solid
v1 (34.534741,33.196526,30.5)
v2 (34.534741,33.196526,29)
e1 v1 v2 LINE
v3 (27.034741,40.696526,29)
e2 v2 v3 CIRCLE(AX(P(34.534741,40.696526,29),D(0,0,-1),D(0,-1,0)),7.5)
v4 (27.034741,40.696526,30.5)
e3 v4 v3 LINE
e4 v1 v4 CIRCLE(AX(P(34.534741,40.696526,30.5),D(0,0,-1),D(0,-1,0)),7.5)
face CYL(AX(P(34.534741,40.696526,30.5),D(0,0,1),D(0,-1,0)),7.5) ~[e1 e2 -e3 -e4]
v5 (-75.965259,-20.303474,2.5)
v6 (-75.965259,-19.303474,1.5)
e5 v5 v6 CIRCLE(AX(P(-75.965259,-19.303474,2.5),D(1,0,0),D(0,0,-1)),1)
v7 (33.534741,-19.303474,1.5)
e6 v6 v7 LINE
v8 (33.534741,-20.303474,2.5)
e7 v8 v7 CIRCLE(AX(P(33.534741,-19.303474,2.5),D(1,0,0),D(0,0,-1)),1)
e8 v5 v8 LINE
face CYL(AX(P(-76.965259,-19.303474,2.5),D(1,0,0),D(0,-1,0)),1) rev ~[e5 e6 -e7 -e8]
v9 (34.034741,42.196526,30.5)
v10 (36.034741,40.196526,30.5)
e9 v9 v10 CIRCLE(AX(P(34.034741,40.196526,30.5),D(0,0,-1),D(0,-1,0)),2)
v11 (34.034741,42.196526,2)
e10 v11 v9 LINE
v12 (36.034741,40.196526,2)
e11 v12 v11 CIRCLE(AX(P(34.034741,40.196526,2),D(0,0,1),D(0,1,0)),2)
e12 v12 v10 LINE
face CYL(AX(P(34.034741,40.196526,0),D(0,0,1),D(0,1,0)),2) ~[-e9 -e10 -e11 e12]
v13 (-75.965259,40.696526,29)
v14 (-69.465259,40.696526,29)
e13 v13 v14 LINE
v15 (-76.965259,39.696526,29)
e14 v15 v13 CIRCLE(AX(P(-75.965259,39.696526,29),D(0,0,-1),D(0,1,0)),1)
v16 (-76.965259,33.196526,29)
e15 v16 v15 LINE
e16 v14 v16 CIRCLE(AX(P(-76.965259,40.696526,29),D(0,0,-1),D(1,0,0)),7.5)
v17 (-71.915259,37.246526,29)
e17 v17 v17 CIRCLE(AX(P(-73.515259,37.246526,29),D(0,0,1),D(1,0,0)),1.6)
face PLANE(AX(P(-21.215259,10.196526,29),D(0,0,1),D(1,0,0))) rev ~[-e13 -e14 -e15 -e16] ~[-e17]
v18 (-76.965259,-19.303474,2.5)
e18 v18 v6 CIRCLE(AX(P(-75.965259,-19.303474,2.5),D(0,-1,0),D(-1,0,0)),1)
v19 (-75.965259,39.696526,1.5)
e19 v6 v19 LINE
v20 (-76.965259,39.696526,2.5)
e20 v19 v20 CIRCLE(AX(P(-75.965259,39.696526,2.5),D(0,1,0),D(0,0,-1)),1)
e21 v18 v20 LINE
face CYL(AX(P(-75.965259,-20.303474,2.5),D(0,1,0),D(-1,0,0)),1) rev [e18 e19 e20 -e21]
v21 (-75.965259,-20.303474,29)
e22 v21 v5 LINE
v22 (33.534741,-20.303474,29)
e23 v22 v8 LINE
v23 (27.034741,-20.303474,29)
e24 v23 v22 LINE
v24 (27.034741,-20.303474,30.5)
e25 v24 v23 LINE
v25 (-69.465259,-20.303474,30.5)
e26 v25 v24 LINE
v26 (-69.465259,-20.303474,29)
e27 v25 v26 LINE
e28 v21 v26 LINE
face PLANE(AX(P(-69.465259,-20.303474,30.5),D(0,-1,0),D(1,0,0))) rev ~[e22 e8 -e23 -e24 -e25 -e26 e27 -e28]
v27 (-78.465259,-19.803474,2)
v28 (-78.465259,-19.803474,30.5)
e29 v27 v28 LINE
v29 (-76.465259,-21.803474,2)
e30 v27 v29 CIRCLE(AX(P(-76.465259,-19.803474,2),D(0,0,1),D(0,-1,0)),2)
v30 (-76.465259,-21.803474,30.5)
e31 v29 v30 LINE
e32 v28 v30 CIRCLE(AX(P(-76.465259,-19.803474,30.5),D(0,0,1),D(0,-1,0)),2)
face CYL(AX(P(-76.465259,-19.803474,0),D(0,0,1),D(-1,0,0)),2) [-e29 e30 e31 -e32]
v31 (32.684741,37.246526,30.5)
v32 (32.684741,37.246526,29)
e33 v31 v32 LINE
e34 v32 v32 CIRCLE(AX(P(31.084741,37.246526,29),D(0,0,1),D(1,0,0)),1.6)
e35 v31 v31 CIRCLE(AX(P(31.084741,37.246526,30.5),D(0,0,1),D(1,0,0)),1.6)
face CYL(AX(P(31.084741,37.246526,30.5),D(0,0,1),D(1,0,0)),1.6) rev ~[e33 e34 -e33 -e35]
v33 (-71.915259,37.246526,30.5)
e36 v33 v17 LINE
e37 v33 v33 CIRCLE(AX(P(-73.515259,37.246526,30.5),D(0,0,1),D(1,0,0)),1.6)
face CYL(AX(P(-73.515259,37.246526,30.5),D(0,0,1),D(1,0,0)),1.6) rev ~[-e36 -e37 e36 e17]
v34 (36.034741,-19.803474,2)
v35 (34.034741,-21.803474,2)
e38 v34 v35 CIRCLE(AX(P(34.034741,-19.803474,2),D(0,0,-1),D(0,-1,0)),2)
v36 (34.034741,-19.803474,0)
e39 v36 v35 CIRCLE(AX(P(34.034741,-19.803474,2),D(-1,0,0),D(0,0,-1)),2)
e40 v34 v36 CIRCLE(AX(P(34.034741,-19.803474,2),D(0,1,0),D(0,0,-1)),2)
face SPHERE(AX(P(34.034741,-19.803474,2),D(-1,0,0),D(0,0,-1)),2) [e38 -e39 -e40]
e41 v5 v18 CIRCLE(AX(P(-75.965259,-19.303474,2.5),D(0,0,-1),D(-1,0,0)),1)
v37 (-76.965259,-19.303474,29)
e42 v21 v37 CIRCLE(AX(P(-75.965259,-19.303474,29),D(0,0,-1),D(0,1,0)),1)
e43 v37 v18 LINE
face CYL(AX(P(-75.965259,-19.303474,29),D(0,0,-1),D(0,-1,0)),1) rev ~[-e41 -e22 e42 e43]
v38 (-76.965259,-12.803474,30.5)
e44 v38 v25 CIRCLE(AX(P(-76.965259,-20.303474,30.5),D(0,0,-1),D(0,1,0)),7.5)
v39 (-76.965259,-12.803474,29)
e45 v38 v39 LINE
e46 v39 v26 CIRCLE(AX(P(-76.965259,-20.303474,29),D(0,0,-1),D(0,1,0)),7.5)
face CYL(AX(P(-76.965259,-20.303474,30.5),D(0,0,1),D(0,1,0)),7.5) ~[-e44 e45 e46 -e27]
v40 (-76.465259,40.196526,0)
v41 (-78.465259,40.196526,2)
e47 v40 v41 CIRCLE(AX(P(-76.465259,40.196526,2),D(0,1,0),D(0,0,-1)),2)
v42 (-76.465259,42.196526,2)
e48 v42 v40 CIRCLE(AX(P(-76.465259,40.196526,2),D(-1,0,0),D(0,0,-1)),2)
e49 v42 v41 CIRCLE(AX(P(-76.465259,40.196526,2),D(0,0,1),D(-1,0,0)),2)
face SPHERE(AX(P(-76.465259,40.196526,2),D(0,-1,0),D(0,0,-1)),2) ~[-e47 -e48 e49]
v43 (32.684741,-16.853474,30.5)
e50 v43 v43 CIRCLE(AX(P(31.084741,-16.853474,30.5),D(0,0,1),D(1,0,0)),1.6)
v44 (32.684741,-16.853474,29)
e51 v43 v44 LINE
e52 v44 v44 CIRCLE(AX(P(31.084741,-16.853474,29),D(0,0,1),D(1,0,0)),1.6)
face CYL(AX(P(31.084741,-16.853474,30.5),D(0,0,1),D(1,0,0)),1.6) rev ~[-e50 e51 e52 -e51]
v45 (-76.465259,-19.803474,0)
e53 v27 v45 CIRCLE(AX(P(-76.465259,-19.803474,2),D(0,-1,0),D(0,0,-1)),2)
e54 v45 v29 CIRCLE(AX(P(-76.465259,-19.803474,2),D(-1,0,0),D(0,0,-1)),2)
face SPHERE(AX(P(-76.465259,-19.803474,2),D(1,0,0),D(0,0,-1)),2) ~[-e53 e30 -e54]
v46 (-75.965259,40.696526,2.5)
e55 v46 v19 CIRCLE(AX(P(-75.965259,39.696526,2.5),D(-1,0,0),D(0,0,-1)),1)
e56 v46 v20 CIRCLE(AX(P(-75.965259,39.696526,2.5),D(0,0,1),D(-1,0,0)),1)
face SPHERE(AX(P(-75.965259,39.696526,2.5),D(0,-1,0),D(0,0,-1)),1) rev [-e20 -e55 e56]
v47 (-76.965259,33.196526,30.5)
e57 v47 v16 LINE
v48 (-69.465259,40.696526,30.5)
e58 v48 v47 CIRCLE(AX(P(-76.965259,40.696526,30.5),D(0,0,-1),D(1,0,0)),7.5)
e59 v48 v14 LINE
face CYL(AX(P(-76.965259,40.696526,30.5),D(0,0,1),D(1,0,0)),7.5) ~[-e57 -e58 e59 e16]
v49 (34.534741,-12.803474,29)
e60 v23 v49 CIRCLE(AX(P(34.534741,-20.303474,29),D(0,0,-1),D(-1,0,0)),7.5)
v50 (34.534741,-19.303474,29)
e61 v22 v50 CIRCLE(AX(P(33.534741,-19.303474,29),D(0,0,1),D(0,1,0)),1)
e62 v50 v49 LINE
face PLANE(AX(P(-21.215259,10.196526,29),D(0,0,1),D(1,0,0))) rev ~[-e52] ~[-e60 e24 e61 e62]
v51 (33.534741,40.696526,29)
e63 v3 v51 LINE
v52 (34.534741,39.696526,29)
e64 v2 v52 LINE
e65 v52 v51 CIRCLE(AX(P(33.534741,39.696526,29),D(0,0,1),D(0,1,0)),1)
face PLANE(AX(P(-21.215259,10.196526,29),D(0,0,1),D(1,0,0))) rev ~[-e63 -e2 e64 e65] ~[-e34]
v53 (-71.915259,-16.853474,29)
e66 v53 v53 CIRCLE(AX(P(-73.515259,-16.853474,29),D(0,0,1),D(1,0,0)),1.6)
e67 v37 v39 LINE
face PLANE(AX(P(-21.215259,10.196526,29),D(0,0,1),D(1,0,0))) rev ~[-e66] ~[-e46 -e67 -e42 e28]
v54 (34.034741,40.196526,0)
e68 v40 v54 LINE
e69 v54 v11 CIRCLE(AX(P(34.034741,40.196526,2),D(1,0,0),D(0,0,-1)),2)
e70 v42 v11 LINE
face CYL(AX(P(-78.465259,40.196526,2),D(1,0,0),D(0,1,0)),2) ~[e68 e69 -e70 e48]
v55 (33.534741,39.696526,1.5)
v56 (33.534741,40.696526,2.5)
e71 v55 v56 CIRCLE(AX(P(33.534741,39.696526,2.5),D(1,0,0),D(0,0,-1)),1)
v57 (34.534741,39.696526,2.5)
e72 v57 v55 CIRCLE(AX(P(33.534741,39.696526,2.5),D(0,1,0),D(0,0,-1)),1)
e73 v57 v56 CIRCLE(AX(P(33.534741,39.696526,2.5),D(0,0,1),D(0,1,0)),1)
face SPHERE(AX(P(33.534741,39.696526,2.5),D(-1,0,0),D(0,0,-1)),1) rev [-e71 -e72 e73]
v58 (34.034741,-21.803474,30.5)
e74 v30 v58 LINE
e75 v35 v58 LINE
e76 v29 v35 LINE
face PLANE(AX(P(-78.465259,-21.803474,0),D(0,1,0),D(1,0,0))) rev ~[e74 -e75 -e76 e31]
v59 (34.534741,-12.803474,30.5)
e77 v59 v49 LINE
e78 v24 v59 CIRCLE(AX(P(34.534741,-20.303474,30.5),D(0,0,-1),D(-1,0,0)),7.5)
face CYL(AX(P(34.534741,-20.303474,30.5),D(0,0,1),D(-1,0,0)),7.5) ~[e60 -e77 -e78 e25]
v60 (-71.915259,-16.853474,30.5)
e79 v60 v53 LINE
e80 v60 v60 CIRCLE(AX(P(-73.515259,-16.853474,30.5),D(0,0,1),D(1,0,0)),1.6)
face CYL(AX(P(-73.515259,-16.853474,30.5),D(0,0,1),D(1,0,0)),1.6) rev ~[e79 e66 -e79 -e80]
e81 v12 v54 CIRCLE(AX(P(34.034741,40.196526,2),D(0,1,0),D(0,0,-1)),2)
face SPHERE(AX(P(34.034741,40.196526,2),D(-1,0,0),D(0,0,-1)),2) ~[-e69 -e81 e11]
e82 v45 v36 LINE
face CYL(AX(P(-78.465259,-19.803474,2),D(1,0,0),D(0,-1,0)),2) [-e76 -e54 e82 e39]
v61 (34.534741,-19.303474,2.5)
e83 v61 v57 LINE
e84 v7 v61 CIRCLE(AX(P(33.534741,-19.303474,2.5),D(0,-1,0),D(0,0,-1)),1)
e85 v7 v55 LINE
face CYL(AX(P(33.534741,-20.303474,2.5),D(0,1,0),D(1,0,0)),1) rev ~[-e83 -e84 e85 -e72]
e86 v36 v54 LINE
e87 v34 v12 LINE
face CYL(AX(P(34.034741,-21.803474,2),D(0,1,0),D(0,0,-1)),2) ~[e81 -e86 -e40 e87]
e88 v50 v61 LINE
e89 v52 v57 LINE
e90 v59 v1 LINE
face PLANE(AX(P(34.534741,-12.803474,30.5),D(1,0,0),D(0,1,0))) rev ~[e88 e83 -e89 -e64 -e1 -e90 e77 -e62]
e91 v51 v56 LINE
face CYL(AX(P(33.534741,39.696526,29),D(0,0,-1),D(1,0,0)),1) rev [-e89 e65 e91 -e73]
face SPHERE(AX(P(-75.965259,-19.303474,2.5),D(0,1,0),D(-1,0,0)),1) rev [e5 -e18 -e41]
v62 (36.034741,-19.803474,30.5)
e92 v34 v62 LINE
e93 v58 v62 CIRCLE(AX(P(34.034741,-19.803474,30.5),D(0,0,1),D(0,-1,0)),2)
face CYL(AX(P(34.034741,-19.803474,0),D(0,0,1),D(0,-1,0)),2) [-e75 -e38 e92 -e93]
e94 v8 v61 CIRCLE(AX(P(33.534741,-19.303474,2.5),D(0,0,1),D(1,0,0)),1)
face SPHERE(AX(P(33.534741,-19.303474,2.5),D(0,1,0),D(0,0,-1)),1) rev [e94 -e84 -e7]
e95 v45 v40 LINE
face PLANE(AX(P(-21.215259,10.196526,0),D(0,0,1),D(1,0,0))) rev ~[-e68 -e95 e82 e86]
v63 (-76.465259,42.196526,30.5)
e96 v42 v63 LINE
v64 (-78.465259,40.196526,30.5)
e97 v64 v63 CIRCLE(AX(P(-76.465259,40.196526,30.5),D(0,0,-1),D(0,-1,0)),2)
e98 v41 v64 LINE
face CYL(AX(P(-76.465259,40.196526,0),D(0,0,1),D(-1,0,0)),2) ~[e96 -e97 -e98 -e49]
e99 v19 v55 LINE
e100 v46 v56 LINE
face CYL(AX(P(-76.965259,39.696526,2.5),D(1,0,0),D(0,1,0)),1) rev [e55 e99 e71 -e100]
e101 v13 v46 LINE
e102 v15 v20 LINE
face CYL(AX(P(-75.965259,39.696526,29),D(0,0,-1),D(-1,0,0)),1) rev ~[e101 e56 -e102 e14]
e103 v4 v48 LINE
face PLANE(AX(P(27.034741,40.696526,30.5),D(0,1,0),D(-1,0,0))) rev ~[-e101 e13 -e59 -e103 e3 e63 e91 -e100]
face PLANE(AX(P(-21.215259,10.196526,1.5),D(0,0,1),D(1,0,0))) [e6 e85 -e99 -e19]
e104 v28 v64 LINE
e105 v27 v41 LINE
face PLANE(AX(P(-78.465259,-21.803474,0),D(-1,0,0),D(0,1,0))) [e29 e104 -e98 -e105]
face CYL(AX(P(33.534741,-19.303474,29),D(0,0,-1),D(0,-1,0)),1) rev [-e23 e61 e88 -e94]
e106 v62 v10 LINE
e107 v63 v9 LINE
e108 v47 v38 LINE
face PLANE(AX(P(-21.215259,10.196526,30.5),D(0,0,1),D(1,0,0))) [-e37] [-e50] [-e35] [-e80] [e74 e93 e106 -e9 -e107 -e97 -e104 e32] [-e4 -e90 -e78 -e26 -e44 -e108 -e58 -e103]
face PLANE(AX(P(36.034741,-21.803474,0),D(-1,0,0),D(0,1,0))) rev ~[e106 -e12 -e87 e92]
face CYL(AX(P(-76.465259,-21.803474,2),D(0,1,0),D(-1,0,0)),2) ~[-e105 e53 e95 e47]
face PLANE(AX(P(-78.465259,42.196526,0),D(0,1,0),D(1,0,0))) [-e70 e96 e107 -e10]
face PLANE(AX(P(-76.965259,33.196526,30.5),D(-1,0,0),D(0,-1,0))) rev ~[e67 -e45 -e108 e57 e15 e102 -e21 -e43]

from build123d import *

# Parameters (mm, degrees)
ESQUISSE1_W             = 114.5
ESQUISSE1_H             = 64
BOSS_EXTRU_1_DEPTH      = 30.5
ENL_V_MAT_EXTRU_2_DEPTH = 1.5
ESQUISSE3_W             = 111.5
ESQUISSE3_H             = 61
ENL_V_MAT_EXTRU_3_DEPTH = 27.5
ENL_V_MAT_EXTRU_4_REACH = 96.168
ESQUISSE2_4_R           = 1.6
CONG_1_R                = 2
CONG_2_R                = 1


with BuildPart() as part:
    # Esquisse1 → Boss.-Extru.1 (new body)
    with BuildSketch(Plane.XY):
        with Locations((-21.215258856, 10.196525886)):
            Rectangle(ESQUISSE1_W, ESQUISSE1_H)
    extrude(amount=BOSS_EXTRU_1_DEPTH)

    # Esquisse2 → Enlèv. mat.-Extru.2 (cut)
    with BuildSketch(Plane.XY.offset(30.5)):
        with BuildLine():
            ThreePointArc((27.034741144, -20.303474114), (29.231440286, -15.000173256), (34.534741144, -12.803474114))
            Line((34.534741144, -12.803474114), (34.534741144, 33.196525886))
            ThreePointArc((34.534741144, 33.196525886), (29.231440286, 35.393225027), (27.034741144, 40.696525886))
            Line((27.034741144, 40.696525886), (-69.465258856, 40.696525886))
            ThreePointArc((-69.465258856, 40.696525886), (-71.661957997, 35.393225027), (-76.965258856, 33.196525886))
            Line((-76.965258856, 33.196525886), (-76.965258856, -12.803474114))
            ThreePointArc((-76.965258856, -12.803474114), (-71.661957997, -15.000173256), (-69.465258856, -20.303474114))
            Line((-69.465258856, -20.303474114), (27.034741144, -20.303474114))
        make_face()
    extrude(amount=-ENL_V_MAT_EXTRU_2_DEPTH, mode=Mode.SUBTRACT)

    # Esquisse3 → Enlèv. mat.-Extru.3 (cut)
    with BuildSketch(Plane.XY.offset(29)):
        with Locations((-21.215258856, 10.196525886)):
            Rectangle(ESQUISSE3_W, ESQUISSE3_H)
    extrude(amount=-ENL_V_MAT_EXTRU_3_DEPTH, mode=Mode.SUBTRACT)

    # Esquisse2<4> → Enlèv. mat.-Extru.4 (cut, up to next)
    with BuildSketch(Plane.XY.offset(30.5), mode=Mode.PRIVATE) as enl_v_mat_extru_4_sk1:
        with Locations((-73.515258856, 37.246525886)):
            Circle(ESQUISSE2_4_R)
    enl_v_mat_extru_4_tool1 = extrude(enl_v_mat_extru_4_sk1.sketch, amount=-ENL_V_MAT_EXTRU_4_REACH, mode=Mode.PRIVATE) & part.part
    # Esquisse2<4> → Enlèv. mat.-Extru.4 (cut, up to next)
    with BuildSketch(Plane.XY.offset(30.5), mode=Mode.PRIVATE) as enl_v_mat_extru_4_sk2:
        with Locations((31.084741144, 37.246525886)):
            Circle(ESQUISSE2_4_R)
    enl_v_mat_extru_4_tool2 = extrude(enl_v_mat_extru_4_sk2.sketch, amount=-ENL_V_MAT_EXTRU_4_REACH, mode=Mode.PRIVATE) & part.part
    # Esquisse2<4> → Enlèv. mat.-Extru.4 (cut, up to next)
    with BuildSketch(Plane.XY.offset(30.5), mode=Mode.PRIVATE) as enl_v_mat_extru_4_sk3:
        with Locations((-73.515258856, -16.853474114)):
            Circle(ESQUISSE2_4_R)
    enl_v_mat_extru_4_tool3 = extrude(enl_v_mat_extru_4_sk3.sketch, amount=-ENL_V_MAT_EXTRU_4_REACH, mode=Mode.PRIVATE) & part.part
    # Esquisse2<4> → Enlèv. mat.-Extru.4 (cut, up to next)
    with BuildSketch(Plane.XY.offset(30.5), mode=Mode.PRIVATE) as enl_v_mat_extru_4_sk4:
        with Locations((31.084741144, -16.853474114)):
            Circle(ESQUISSE2_4_R)
    enl_v_mat_extru_4_tool4 = extrude(enl_v_mat_extru_4_sk4.sketch, amount=-ENL_V_MAT_EXTRU_4_REACH, mode=Mode.PRIVATE) & part.part
    add(enl_v_mat_extru_4_tool1.solids().sort_by_distance((-73.515259, 37.246526, 30.5))[0], mode=Mode.SUBTRACT)
    add(enl_v_mat_extru_4_tool2.solids().sort_by_distance((31.084741, 37.246526, 30.5))[0], mode=Mode.SUBTRACT)
    add(enl_v_mat_extru_4_tool3.solids().sort_by_distance((-73.515259, -16.853474, 30.5))[0], mode=Mode.SUBTRACT)
    add(enl_v_mat_extru_4_tool4.solids().sort_by_distance((31.084741, -16.853474, 30.5))[0], mode=Mode.SUBTRACT)

    # Congé1
    cong_1_edges = [part.edges().sort_by_distance(p)[0] for p in [
        (-78.465258856, 10.196525886, 0),
        (-21.215258856, -21.803474114, 0),
        (-21.215258856, 42.196525886, 0),
        (36.034741144, 10.196525886, 0),
        (-78.465258856, -21.803474114, 15.25),
        (-78.465258856, 42.196525886, 15.25),
        (36.034741144, 42.196525886, 15.25),
        (36.034741144, -21.803474114, 15.25),
    ]]
    fillet(cong_1_edges, radius=CONG_1_R)

    # Congé2
    cong_2_edges = [part.edges().sort_by_distance(p)[0] for p in [
        (-21.215258856, 40.696525886, 1.5),
        (34.534741144, 10.196525886, 1.5),
        (-21.215258856, -20.303474114, 1.5),
        (-76.965258856, 10.196525886, 1.5),
        (-76.965258856, 40.696525886, 15.25),
        (34.534741144, 40.696525886, 15.25),
        (34.534741144, -20.303474114, 15.25),
        (-76.965258856, -20.303474114, 15.25),
    ]]
    fillet(cong_2_edges, radius=CONG_2_R)


solid = part.part
